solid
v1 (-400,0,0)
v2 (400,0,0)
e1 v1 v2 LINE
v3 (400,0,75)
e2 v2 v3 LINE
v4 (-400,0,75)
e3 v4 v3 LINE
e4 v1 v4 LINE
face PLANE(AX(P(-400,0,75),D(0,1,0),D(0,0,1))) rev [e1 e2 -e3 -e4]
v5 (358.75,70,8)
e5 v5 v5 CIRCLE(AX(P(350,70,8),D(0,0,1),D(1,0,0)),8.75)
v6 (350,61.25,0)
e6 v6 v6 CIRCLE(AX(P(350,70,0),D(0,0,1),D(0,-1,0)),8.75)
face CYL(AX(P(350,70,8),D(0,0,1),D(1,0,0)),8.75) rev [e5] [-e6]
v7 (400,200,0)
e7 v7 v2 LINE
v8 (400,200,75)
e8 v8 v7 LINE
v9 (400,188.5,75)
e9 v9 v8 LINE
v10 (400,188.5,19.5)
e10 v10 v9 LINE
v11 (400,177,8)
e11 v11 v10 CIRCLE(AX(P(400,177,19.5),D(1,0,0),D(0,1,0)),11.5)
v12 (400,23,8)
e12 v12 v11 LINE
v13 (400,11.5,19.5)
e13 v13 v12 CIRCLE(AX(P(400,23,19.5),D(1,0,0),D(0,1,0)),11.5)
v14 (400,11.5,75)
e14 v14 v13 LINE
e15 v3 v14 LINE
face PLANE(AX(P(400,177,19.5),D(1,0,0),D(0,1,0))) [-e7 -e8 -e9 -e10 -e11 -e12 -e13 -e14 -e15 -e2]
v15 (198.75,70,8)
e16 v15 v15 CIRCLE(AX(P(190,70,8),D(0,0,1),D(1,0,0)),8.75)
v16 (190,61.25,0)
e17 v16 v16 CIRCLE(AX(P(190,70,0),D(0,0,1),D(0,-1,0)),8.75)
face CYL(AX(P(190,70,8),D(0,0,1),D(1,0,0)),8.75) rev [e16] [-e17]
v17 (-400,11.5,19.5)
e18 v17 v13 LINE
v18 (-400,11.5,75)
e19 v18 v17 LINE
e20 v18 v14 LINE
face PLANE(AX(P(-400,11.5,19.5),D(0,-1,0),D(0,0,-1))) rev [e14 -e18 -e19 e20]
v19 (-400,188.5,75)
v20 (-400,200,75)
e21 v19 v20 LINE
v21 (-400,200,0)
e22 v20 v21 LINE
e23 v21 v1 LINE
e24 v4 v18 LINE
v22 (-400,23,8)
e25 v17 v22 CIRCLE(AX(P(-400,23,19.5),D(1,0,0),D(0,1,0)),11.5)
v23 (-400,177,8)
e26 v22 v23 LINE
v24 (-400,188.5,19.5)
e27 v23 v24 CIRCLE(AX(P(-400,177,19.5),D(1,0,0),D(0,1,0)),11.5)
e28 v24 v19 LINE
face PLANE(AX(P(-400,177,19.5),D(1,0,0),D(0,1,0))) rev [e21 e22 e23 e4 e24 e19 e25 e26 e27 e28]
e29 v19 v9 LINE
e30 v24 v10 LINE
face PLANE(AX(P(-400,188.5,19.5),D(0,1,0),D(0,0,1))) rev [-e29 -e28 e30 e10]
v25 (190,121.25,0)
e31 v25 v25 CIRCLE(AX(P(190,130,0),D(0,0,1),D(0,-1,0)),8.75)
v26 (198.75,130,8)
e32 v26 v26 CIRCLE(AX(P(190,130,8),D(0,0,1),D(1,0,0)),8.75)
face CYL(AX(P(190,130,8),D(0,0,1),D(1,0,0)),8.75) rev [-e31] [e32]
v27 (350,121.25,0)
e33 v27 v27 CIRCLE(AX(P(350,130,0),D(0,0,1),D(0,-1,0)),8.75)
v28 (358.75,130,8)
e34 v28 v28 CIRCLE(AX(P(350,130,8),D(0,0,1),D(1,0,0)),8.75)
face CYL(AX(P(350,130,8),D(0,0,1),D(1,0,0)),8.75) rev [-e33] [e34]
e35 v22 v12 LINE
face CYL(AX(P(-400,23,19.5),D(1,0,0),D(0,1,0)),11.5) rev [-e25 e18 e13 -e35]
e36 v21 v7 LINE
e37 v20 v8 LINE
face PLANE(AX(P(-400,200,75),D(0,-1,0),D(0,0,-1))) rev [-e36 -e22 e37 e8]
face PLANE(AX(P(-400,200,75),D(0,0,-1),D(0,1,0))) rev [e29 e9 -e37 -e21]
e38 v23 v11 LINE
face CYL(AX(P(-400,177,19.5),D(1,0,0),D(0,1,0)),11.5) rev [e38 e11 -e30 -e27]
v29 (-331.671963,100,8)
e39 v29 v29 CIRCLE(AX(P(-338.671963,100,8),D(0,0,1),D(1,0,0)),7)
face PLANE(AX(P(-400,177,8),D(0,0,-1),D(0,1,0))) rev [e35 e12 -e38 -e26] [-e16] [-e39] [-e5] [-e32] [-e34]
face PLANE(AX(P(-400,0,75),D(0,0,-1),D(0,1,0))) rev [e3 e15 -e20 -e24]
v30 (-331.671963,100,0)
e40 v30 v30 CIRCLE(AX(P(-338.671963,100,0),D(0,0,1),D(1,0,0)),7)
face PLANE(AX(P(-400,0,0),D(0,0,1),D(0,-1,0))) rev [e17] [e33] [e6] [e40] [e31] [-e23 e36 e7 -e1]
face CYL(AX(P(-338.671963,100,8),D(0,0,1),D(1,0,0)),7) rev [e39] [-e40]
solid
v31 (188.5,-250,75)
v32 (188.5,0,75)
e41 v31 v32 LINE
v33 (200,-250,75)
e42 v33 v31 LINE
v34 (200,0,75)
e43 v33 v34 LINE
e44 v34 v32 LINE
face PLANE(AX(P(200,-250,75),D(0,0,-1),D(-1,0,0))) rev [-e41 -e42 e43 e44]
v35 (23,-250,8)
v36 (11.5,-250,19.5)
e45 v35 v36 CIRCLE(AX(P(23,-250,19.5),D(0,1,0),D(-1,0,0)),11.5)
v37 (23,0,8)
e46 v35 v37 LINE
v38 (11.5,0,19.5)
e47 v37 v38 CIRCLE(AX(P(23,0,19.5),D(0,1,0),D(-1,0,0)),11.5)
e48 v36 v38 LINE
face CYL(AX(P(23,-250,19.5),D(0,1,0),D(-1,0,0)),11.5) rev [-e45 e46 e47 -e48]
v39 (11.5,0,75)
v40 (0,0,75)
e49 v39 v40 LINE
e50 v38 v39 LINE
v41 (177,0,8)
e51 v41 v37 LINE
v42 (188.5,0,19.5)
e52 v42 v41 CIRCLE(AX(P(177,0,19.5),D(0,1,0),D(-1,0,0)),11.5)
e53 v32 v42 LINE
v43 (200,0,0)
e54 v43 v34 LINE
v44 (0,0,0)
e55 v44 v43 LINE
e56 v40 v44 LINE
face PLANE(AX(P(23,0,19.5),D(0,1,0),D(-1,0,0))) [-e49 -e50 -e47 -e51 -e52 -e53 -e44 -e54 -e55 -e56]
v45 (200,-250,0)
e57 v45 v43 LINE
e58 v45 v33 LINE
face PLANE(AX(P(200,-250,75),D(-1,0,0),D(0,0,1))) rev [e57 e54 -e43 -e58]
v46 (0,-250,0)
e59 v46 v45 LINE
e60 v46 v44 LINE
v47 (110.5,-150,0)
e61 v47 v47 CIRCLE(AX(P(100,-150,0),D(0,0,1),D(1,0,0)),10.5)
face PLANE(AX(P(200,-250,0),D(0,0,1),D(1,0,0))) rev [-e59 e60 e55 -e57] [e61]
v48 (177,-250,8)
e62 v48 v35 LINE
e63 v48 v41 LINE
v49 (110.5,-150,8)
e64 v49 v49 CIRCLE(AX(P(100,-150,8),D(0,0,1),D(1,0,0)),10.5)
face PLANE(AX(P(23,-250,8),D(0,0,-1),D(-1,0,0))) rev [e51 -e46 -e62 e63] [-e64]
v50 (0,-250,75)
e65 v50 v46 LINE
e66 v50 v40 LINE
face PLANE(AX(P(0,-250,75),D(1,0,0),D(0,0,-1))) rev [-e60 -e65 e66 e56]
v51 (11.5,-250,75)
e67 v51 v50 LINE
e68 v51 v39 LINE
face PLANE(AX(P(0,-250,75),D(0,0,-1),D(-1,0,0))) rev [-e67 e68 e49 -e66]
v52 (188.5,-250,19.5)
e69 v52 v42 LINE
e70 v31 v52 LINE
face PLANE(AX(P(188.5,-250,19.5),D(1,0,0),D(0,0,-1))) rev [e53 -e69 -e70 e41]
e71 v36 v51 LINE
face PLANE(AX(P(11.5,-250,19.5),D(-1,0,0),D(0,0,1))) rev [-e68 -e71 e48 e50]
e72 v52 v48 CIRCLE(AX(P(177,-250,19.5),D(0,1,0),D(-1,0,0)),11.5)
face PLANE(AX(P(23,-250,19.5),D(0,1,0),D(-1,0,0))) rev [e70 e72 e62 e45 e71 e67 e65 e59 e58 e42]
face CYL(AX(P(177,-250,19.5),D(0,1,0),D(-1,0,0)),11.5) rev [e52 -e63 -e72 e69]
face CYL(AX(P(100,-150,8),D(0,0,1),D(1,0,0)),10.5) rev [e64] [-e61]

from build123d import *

# Parameters (mm, degrees)
SQUARE_HSS_AL_CS_CHANNEL_SQR_END_4_X_2_0_DEPTH = 800
SQUARE_HSS_AL_CS_CHANNEL_SQR_END_4_X_2_DEPTH   = 250
SKETCH15_W                                     = 10.5
SKETCH15_H                                     = 8
SKETCH22_W                                     = 7
SKETCH22_H                                     = 8
M20X2_5_TAPPED_HOLE1_AT_2_COUNT                = 2
M20X2_5_TAPPED_HOLE1_AT_2_PITCH                = 160
M20X2_5_TAPPED_HOLE1_AT_3_COUNT                = 2
M20X2_5_TAPPED_HOLE1_AT_3_PITCH                = 170.880074906
M20X2_5_TAPPED_HOLE1_AT_4_COUNT                = 2
M20X2_5_TAPPED_HOLE1_AT_4_PITCH                = 60


with BuildPart() as part:
    # Sketch11 → Square hss AL CS CHANNEL SQR END 4 X 2.0 (new body)
    with BuildSketch(Plane.ZY.offset(-400)):
        with BuildLine():
            Line((0, 0), (0, 200))
            Line((0, 200), (75, 200))
            Line((75, 200), (75, 188.5))
            Line((75, 188.5), (19.5, 188.5))
            ThreePointArc((19.5, 188.5), (11.368272016, 185.131727984), (8, 177))
            Line((8, 177), (8, 23))
            ThreePointArc((8, 23), (11.368272016, 14.868272016), (19.5, 11.5))
            Line((19.5, 11.5), (75, 11.5))
            Line((75, 11.5), (75, 0))
            Line((75, 0), (0, 0))
        make_face()
    extrude(amount=SQUARE_HSS_AL_CS_CHANNEL_SQR_END_4_X_2_0_DEPTH)

    # Sketch22 → M20x2.0 Tapped Hole1 (revolve, cut)
    with BuildSketch(Plane(origin=(-338.671963182, 100, 8), x_dir=(0, -1, 0), z_dir=(1, 0, 0))):
        with Locations((3.5, 4)):
            Rectangle(SKETCH22_W, SKETCH22_H)
    revolve(axis=Axis((-338.671963182, 100, 14.35), (0, 0, -1)), mode=Mode.SUBTRACT)

    # Sketch26 → M20x2.5 Tapped Hole1 (revolve, cut)
    with BuildSketch(Plane(origin=(190, 130, 8), x_dir=(0, -1, 0), z_dir=(1, 0, 0))):
        Polygon((0, 0), (0, 52.757530416), (8.75, 47.5), (8.75, 0), align=None)
    m20x2_5_tapped_hole1 = revolve(axis=Axis((190, 130, 14.35), (0, 0, -1)), mode=Mode.SUBTRACT)

    # M20x2.5 Tapped Hole1 at 2: M20x2.5 Tapped Hole1 ×2
    with Locations(*[(i * M20X2_5_TAPPED_HOLE1_AT_2_PITCH, 0, 0) for i in range(1, M20X2_5_TAPPED_HOLE1_AT_2_COUNT)]):
        add(m20x2_5_tapped_hole1, mode=Mode.SUBTRACT)

    # M20x2.5 Tapped Hole1 at 3: M20x2.5 Tapped Hole1 ×2
    with Locations(*[Vector(0.9363291775690448, -0.35112344158839115, 0) * (i * M20X2_5_TAPPED_HOLE1_AT_3_PITCH) for i in range(1, M20X2_5_TAPPED_HOLE1_AT_3_COUNT)]):
        add(m20x2_5_tapped_hole1, mode=Mode.SUBTRACT)

    # M20x2.5 Tapped Hole1 at 4: M20x2.5 Tapped Hole1 ×2
    with Locations(*[(0, -i * M20X2_5_TAPPED_HOLE1_AT_4_PITCH, 0) for i in range(1, M20X2_5_TAPPED_HOLE1_AT_4_COUNT)]):
        add(m20x2_5_tapped_hole1, mode=Mode.SUBTRACT)


with BuildPart() as body_2:
    # Sketch12 → Square hss AL CS CHANNEL SQR END 4 X 2 (new body)
    with BuildSketch(Plane(origin=(200, 0, 0), x_dir=(0, 0, 1), z_dir=(0, -1, 0))):
        with BuildLine():
            Line((0, 0), (0, 200))
            Line((0, 200), (75, 200))
            Line((75, 200), (75, 188.5))
            Line((75, 188.5), (19.5, 188.5))
            ThreePointArc((19.5, 188.5), (11.368272016, 185.131727984), (8, 177))
            Line((8, 177), (8, 23))
            ThreePointArc((8, 23), (11.368272016, 14.868272016), (19.5, 11.5))
            Line((19.5, 11.5), (75, 11.5))
            Line((75, 11.5), (75, 0))
            Line((75, 0), (0, 0))
        make_face()
    extrude(amount=SQUARE_HSS_AL_CS_CHANNEL_SQR_END_4_X_2_DEPTH)

    # Sketch15 → M24x3.0 Tapped Hole1 (revolve, cut)
    with BuildSketch(Plane(origin=(100, -150, 8), x_dir=(0, -1, 0), z_dir=(1, 0, 0))):
        with Locations((5.25, 4)):
            Rectangle(SKETCH15_W, SKETCH15_H)
    revolve(axis=Axis((100, -150, 14.35), (0, 0, -1)), mode=Mode.SUBTRACT)


solid = Compound([part.part, body_2.part])
